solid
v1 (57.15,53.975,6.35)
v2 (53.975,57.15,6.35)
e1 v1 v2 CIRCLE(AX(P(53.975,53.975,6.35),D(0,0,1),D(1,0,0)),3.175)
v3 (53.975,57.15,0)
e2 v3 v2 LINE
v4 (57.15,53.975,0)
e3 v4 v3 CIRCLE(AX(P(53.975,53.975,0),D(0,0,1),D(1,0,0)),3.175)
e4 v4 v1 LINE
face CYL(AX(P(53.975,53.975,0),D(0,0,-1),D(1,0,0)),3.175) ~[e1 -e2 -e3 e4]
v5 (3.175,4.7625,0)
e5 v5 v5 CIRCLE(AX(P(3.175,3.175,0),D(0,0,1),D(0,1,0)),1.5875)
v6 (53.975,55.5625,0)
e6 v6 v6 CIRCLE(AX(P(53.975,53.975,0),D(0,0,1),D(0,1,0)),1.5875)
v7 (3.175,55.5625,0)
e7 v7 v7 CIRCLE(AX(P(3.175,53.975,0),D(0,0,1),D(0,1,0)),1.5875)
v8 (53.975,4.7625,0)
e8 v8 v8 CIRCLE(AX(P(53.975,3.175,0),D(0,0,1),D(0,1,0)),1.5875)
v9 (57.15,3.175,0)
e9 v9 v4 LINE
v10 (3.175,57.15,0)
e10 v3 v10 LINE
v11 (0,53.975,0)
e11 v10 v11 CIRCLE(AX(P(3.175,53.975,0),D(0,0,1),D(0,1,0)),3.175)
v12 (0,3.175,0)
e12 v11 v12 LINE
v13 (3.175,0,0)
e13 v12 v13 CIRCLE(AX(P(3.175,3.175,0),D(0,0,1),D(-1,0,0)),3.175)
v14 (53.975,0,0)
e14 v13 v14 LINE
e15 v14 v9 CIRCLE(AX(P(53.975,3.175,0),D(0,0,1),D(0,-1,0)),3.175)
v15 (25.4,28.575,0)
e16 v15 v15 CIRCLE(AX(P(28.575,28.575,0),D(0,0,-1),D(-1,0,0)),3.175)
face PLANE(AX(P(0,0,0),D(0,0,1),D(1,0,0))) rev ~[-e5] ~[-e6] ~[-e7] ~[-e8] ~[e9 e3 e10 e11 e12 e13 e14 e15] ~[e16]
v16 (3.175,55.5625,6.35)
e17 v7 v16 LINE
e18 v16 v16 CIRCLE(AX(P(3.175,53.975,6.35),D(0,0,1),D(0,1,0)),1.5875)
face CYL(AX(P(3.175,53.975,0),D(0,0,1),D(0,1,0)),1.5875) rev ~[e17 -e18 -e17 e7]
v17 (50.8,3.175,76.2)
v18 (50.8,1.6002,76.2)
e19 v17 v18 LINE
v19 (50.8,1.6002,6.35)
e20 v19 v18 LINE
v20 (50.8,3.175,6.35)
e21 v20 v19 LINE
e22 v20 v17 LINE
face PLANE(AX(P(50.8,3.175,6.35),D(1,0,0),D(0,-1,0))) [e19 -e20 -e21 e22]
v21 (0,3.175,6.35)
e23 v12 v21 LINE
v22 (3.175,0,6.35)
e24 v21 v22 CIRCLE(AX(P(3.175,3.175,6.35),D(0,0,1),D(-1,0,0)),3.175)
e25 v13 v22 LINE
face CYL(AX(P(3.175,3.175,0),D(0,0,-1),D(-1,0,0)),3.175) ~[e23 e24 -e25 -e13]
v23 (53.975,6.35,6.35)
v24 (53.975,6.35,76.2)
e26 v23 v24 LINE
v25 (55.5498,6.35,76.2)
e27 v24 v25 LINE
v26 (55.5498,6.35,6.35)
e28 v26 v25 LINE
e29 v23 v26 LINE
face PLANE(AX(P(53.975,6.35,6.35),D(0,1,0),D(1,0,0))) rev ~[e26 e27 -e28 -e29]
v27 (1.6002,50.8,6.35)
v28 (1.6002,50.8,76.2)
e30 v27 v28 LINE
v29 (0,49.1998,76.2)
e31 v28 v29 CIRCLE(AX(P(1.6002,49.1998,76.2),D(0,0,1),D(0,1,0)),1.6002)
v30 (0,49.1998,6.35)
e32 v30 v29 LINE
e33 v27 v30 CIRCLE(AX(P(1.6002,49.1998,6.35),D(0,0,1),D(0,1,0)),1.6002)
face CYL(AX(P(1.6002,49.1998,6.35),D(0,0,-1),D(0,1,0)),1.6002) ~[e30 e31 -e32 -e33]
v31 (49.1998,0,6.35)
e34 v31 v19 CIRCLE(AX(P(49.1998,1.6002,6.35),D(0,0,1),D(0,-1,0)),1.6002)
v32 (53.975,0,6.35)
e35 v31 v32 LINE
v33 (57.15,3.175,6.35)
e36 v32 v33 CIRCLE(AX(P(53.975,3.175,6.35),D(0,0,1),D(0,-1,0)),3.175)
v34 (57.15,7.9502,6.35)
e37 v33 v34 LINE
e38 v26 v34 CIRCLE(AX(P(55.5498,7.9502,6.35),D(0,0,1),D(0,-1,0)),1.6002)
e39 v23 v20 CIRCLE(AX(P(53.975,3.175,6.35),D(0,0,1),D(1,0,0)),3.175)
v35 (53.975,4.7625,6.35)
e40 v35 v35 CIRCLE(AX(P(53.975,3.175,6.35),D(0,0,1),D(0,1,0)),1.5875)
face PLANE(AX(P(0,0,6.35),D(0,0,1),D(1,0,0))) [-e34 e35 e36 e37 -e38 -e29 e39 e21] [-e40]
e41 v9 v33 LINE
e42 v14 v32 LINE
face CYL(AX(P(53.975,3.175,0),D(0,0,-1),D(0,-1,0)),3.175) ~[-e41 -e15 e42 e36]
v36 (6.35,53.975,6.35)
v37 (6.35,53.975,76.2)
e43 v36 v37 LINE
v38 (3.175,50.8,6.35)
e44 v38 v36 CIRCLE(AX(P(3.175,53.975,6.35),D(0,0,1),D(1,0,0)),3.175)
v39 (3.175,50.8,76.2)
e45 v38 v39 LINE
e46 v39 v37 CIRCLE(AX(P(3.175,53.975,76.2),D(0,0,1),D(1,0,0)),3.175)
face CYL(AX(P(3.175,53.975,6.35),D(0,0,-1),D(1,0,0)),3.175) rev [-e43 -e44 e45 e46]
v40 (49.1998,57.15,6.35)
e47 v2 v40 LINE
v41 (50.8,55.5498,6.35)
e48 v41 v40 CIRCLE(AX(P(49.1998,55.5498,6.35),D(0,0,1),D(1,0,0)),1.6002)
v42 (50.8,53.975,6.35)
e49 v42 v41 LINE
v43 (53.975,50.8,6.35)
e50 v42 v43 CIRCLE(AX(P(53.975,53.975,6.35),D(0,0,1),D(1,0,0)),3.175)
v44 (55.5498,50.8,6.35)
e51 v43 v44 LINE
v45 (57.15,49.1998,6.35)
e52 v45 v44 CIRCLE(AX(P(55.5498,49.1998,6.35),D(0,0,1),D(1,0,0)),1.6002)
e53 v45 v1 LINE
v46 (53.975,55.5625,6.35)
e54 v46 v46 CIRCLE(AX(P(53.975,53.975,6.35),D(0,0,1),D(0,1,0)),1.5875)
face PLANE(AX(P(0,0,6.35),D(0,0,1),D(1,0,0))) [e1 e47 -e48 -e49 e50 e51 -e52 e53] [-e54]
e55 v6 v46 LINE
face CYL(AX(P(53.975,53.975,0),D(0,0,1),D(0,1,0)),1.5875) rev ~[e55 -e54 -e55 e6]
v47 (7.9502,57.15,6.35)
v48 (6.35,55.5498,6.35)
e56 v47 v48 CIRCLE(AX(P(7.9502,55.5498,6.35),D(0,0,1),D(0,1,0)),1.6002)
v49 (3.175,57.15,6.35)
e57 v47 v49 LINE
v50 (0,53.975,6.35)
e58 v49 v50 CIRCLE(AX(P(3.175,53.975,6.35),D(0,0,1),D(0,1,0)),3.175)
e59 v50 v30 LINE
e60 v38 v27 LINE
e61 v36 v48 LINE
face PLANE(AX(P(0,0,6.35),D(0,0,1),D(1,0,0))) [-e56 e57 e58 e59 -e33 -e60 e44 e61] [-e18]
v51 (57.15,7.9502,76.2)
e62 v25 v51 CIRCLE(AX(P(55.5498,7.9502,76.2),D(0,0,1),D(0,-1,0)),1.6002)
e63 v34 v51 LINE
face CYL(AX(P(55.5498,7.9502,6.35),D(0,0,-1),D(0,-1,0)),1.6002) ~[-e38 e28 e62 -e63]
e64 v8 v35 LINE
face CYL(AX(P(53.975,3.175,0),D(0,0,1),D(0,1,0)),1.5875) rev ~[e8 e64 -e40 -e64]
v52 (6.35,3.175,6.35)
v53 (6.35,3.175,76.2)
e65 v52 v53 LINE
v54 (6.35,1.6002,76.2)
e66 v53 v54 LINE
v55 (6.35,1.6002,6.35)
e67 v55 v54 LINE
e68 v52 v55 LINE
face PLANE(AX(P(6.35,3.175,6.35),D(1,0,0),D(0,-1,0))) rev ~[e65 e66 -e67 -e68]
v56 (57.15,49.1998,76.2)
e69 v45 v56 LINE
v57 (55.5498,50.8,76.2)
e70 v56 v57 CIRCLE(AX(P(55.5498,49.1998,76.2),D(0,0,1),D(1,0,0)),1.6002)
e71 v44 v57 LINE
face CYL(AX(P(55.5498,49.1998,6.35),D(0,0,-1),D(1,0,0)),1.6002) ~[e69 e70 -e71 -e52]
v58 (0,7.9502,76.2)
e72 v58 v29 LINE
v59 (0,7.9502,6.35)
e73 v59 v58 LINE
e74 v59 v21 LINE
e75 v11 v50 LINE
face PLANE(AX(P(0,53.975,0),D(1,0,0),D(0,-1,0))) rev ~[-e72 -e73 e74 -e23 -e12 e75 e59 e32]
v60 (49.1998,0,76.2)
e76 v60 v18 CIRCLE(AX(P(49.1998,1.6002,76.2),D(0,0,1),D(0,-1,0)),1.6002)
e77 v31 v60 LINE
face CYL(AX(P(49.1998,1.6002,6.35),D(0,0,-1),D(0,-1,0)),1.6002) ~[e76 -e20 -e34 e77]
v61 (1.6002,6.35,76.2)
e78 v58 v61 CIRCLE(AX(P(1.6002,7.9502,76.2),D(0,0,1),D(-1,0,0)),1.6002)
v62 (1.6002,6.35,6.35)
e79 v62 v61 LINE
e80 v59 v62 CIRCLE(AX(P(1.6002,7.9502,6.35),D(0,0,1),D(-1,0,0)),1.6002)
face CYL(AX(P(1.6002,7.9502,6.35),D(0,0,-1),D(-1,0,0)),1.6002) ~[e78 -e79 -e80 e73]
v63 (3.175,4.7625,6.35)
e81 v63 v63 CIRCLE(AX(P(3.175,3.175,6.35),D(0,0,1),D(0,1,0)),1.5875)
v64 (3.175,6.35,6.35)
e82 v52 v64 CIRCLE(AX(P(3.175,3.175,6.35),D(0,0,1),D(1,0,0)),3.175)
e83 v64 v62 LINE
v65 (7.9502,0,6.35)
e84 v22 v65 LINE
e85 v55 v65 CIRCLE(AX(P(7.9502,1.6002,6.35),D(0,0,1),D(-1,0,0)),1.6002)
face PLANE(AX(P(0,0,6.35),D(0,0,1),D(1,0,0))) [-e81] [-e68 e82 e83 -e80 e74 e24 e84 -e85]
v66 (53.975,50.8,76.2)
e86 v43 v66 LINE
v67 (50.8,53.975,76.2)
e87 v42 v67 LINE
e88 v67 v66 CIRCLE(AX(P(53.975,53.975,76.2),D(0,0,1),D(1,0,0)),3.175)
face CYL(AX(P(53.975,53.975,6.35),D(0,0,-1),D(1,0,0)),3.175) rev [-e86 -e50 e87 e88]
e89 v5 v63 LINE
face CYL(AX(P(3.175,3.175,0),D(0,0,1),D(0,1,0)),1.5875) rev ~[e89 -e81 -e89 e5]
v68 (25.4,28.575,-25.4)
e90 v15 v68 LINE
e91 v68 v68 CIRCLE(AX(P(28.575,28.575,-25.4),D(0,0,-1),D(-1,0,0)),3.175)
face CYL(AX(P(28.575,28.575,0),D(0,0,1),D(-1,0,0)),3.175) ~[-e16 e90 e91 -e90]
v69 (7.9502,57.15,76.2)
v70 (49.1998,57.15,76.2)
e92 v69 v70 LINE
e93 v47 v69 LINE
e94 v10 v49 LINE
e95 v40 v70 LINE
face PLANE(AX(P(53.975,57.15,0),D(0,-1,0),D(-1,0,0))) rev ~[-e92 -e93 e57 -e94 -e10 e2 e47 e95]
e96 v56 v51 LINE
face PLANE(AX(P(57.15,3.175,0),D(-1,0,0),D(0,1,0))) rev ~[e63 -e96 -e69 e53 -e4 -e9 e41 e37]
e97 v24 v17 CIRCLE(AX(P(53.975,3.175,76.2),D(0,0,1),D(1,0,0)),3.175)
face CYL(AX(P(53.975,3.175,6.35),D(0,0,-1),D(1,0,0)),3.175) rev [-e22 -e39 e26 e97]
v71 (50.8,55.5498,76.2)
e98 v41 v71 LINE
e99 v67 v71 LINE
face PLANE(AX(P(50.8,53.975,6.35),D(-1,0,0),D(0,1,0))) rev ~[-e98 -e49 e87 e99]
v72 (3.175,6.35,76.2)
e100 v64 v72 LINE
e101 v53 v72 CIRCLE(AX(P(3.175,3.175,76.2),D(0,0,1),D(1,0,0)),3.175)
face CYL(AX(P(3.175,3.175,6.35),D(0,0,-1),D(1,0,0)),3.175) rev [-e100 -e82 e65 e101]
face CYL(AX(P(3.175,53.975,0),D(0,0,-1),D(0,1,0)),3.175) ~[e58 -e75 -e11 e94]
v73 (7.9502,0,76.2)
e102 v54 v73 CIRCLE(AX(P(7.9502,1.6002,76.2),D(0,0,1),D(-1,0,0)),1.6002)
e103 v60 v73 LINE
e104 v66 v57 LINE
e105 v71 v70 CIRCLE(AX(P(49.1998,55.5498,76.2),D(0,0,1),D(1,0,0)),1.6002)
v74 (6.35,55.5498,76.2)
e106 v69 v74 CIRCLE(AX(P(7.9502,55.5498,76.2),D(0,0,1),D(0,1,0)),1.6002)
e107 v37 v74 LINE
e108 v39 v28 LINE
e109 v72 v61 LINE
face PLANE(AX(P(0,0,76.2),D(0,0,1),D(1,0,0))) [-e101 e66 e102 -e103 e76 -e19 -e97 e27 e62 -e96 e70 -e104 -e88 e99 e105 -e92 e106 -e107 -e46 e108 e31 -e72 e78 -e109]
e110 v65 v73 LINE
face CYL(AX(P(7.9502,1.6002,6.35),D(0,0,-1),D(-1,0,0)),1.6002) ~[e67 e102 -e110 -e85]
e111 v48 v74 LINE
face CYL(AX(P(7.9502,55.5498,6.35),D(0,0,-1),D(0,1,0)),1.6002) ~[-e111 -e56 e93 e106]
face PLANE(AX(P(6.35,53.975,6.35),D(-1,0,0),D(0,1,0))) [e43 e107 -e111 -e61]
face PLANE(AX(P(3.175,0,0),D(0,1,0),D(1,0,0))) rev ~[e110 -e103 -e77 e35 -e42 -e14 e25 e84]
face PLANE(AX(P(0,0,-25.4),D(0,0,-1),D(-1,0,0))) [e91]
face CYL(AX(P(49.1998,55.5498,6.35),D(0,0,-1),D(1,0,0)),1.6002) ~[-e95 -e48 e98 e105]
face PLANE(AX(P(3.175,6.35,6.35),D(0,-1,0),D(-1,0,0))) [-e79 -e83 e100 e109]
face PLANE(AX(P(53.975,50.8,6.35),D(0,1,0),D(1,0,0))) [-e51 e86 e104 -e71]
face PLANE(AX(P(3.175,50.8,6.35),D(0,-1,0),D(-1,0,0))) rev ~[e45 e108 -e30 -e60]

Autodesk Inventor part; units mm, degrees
ref_plane "YZ Plane" through (0, 0, 0) normal (1, 0, 0) x (0, 1, 0)
ref_plane "XZ Plane" through (0, 0, 0) normal (0, 1, 0) x (-1, 0, 0)
ref_plane "XY Plane" through (0, 0, 0) normal (0, 0, 1) x (1, 0, 0)
sketch "Sketch1" plane through (0, 0, 0) normal (0, 0, 1) x (1, 0, 0)
  line L0 (3.175, 0) -> (53.975, 0)
  line L1 (57.15, 3.175) -> (57.15, 53.975)
  line L2 (53.975, 57.15) -> (3.175, 57.15)
  line L3 (0, 53.975) -> (0, 3.175)
  arc A0 (3.175, 57.15) -> (0, 53.975) centre (3.175, 53.975) ccw
  arc A1 (57.15, 53.975) -> (53.975, 57.15) centre (53.975, 53.975) ccw
  arc A2 (53.975, 0) -> (57.15, 3.175) centre (53.975, 3.175) ccw
  arc A3 (0, 3.175) -> (3.175, 0) centre (3.175, 3.175) ccw
  point P0 (0, 0)
  point P1 (57.15, 57.15)
  point P2 (57.15, 0)
  point P3 (0, 57.15)
  dimension "d0" = 57.15
  dimension "d1" = 57.15
  dimension "d2" = 3.175
extrude "Extrusion1" add sketch "Sketch1" along normal blind 6.35
sketch "Sketch2" plane through (0, 0, 6.35) normal (0, 0, 1) x (1, 0, 0)
  arc A0 (57.15, 53.975) -> (53.975, 57.15) centre (53.975, 53.975) ccw projected
  line L0 (3.175, 57.15) -> (53.975, 57.15) projected
  arc A1 (3.175, 57.15) -> (0, 53.975) centre (3.175, 53.975) ccw projected
  line L1 (0, 3.175) -> (0, 53.975) projected
  arc A2 (0, 3.175) -> (3.175, 0) centre (3.175, 3.175) ccw projected
  line L2 (53.975, 0) -> (3.175, 0) projected
  arc A3 (53.975, 0) -> (57.15, 3.175) centre (53.975, 3.175) ccw projected
  line L3 (57.15, 53.975) -> (57.15, 3.175) projected
  circle A4 centre (3.175, 53.975) radius 3.175
  circle A5 centre (53.975, 53.975) radius 3.175
  circle A6 centre (53.975, 3.175) radius 3.175
  circle A7 centre (3.175, 3.175) radius 3.175
  line L4 (6.35, 53.975) -> (6.35, 55.5498)
  line L5 (3.175, 50.8) -> (1.6002, 50.8)
  line L6 (50.8, 53.975) -> (50.8, 55.5498)
  line L7 (53.975, 50.8) -> (55.5498, 50.8)
  line L8 (53.975, 6.35) -> (55.5498, 6.35)
  line L9 (50.8, 3.175) -> (50.8, 1.6002)
  line L10 (6.35, 3.175) -> (6.35, 1.6002)
  line L11 (3.175, 6.35) -> (1.6002, 6.35)
  line L12 (7.9502, 57.15) -> (49.1998, 57.15)
  line L13 (57.15, 49.1998) -> (57.15, 7.9502)
  line L14 (49.1998, 0) -> (7.9502, 0)
  line L15 (0, 7.9502) -> (0, 49.1998)
  arc A8 (1.6002, 50.8) -> (0, 49.1998) centre (1.6002, 49.1998) ccw
  arc A9 (7.9502, 57.15) -> (6.35, 55.5498) centre (7.9502, 55.5498) ccw
  arc A10 (50.8, 55.5498) -> (49.1998, 57.15) centre (49.1998, 55.5498) ccw
  arc A11 (57.15, 49.1998) -> (55.5498, 50.8) centre (55.5498, 49.1998) ccw
  arc A12 (55.5498, 6.35) -> (57.15, 7.9502) centre (55.5498, 7.9502) ccw
  arc A13 (49.1998, 0) -> (50.8, 1.6002) centre (49.1998, 1.6002) ccw
  arc A14 (6.35, 1.6002) -> (7.9502, 0) centre (7.9502, 1.6002) ccw
  arc A15 (0, 7.9502) -> (1.6002, 6.35) centre (1.6002, 7.9502) ccw
  point P0 (0, 0)
  point P1 (6.35, 57.15)
  point P2 (0, 50.8)
  point P3 (50.8, 57.15)
  point P4 (57.15, 50.8)
  point P5 (57.15, 6.35)
  point P6 (50.8, 0)
  point P7 (6.35, 0)
  point P8 (0, 6.35)
  dimension "d5" = 1.6002
extrude "Extrusion2" add sketch "Sketch2" along normal blind 69.85 contours L3 A12 L8 A6 L9 A13 L2 A14 L10 A7 L11 A15 L1 A8 L5 A4 L4 A9 L0 A10 L6 A5 L7 A11
sketch "Sketch3" plane through (0, 0, 0) normal (0, 0, -1) x (-1, 0, 0)
  arc A0 (-53.975, 57.15) -> (-57.15, 53.975) centre (-53.975, 53.975) ccw projected
  arc A1 (-57.15, 3.175) -> (-53.975, 0) centre (-53.975, 3.175) ccw projected
  arc A2 (-3.175, 0) -> (0, 3.175) centre (-3.175, 3.175) ccw projected
  arc A3 (0, 53.975) -> (-3.175, 57.15) centre (-3.175, 53.975) ccw projected
  circle A4 centre (-53.975, 53.975) radius 1.5875
  circle A5 centre (-3.175, 3.175) radius 1.5875
  circle A6 centre (-53.975, 3.175) radius 1.5875
  point P0 (0, 0)
  dimension "d8" = 3.175
  dimension "d10" = 3.175
  dimension "d11" = 3.175
hole "Hole1" at (53.975, 53.975, 0) at (3.175, 53.975, 0) at (3.175, 3.175, 0) at (53.975, 3.175, 0) direction (0, 0, 1) diameter 3.175 depth 25.4 tip angle 118
sketch "Sketch4" plane through (0, 0, 0) normal (0, 0, -1) x (-1, 0, 0)
  circle A0 centre (-28.575, 28.575) radius 3.175
  point P0 (0, 0)
  dimension "d19" = 6.35
extrude "Extrusion3" add sketch "Sketch4" along normal blind 25.4
properties part number "nema 23 frame size servo"
